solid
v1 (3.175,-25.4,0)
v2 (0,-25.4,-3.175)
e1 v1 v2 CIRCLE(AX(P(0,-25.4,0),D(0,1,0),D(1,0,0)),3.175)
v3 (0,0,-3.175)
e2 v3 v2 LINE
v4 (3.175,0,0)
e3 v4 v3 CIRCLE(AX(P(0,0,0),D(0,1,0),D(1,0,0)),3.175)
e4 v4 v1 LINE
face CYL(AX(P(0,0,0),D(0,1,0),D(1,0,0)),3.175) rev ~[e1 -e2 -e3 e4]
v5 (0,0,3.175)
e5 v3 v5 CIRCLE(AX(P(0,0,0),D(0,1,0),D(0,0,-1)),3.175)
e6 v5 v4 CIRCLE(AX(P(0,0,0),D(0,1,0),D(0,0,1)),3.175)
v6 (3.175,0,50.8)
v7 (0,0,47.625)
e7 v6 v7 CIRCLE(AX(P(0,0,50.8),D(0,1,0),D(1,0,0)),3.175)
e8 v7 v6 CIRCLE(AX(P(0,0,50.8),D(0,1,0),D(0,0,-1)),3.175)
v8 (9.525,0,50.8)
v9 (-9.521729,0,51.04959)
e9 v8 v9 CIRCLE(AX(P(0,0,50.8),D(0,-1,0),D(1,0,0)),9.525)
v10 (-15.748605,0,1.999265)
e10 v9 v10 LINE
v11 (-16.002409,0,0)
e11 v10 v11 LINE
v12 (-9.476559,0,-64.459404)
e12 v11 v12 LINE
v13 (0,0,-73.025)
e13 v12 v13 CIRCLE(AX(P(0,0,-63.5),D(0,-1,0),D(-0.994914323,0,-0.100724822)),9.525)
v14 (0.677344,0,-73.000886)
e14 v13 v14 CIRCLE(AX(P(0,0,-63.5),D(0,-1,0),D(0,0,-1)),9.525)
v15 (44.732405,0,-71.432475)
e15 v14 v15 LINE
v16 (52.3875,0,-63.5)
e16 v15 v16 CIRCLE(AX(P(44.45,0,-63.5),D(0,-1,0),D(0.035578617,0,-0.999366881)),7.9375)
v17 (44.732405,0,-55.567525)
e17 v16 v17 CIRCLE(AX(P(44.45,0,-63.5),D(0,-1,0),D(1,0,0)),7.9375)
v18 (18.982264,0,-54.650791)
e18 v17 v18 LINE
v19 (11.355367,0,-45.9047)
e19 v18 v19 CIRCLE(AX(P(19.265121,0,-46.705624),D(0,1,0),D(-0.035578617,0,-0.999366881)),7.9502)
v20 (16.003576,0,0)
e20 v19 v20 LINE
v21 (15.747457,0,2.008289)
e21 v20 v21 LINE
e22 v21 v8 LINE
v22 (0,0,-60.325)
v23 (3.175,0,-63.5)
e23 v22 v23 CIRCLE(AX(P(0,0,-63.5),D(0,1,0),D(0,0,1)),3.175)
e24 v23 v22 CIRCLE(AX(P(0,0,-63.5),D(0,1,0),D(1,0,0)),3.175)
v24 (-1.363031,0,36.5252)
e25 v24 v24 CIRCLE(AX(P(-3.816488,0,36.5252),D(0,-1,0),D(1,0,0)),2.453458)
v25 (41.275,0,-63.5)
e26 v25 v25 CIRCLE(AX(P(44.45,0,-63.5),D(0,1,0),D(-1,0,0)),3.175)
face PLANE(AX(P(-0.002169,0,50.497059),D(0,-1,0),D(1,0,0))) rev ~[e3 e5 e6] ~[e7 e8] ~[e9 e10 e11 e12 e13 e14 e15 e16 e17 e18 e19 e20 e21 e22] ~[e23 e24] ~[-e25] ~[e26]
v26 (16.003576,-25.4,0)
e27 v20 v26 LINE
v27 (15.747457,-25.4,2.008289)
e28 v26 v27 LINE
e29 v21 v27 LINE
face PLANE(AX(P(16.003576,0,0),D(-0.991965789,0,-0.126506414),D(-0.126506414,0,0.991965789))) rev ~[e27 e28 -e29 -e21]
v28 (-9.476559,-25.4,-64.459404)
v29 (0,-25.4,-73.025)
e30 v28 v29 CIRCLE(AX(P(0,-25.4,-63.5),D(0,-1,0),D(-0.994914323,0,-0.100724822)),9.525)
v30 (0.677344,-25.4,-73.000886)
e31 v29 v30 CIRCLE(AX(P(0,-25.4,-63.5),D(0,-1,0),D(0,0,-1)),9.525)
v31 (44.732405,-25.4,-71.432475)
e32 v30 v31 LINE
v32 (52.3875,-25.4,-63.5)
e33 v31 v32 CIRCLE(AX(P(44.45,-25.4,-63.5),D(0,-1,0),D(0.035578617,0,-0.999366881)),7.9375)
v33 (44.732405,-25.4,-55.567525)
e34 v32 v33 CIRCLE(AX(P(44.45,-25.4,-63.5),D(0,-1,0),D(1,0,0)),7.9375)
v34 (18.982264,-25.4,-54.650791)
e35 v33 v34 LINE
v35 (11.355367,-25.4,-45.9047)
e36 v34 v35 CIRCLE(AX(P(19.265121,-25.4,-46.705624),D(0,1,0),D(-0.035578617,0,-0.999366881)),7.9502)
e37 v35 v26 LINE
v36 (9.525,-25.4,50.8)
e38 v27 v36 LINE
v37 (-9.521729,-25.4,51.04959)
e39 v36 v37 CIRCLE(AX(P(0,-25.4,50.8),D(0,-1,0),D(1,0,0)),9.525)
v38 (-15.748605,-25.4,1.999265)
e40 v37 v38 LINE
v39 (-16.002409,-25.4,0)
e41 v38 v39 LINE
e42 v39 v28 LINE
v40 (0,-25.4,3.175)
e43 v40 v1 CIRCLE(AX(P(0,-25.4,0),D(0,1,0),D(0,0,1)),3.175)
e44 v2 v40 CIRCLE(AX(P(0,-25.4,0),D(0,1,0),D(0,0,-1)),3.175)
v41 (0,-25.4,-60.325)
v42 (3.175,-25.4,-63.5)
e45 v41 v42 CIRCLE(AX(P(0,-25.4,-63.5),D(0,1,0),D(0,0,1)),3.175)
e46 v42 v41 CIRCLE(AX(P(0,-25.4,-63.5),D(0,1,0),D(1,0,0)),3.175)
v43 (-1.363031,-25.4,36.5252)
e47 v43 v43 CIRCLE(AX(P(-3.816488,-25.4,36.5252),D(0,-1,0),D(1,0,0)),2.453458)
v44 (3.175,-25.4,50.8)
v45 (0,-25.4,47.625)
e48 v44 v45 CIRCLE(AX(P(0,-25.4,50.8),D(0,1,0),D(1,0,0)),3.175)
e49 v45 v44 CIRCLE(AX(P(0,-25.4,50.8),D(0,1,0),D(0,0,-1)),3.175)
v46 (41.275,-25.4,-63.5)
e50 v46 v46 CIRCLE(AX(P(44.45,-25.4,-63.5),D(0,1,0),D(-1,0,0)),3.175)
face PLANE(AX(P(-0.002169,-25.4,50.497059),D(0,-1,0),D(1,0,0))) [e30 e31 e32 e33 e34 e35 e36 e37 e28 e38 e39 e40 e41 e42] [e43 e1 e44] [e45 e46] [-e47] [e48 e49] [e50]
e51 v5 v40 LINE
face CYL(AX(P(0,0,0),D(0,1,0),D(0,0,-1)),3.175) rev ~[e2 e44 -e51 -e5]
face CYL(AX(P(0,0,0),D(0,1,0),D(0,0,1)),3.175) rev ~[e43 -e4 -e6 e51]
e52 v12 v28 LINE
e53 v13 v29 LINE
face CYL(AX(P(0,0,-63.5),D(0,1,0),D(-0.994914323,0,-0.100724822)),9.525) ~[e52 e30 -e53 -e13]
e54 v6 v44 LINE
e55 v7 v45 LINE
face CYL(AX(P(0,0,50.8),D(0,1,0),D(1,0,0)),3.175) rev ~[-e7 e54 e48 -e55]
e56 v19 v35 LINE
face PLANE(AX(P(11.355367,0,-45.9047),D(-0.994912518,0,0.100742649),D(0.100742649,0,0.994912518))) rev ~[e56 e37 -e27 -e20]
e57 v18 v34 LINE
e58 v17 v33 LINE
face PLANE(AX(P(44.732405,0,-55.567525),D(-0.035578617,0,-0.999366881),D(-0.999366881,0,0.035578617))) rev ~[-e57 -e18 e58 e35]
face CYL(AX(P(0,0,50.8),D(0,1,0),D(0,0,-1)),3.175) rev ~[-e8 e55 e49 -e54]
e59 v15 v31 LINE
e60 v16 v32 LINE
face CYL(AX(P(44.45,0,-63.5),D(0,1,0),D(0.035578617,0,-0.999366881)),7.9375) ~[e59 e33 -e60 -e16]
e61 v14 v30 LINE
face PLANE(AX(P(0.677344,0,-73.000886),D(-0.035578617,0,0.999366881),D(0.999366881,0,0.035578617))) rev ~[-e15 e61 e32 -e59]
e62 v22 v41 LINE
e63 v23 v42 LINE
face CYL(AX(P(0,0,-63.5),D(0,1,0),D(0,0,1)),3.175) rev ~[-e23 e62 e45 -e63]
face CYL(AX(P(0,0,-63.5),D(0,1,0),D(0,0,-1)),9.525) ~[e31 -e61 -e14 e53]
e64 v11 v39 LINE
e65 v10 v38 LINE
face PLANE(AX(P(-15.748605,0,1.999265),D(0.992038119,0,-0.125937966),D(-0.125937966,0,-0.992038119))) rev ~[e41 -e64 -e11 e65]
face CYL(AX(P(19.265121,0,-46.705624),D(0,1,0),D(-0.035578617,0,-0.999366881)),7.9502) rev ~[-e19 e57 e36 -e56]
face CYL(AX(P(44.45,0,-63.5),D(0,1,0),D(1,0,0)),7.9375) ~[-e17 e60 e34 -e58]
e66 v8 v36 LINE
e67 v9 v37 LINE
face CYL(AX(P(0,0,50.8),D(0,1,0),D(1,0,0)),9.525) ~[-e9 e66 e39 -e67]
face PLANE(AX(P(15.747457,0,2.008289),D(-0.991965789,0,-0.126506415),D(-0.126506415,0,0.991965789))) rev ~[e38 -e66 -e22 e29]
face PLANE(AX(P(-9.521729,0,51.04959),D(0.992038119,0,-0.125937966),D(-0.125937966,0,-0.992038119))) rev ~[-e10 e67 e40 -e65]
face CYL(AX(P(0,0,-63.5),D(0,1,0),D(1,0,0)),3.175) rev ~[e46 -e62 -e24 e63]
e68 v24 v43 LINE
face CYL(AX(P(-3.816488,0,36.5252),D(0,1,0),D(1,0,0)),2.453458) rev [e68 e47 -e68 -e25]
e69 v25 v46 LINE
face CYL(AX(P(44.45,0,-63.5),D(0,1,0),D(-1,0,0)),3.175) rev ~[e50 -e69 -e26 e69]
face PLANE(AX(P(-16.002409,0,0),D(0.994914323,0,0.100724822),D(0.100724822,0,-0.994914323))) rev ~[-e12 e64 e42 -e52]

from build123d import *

# Parameters (mm, degrees)
F0_R     = 2.4534575641
F1_DEPTH = 25.4


with BuildPart() as f1:
    # F0 (on Front) → F1 (new body)
    with BuildSketch(Plane.XZ):
        with BuildLine():
            ThreePointArc((-9.5217293486, 51.0495900878), (-6.822864889, 44.1536371069), (0, 41.275))
            ThreePointArc((0, 41.275), (6.7351920908, 44.0648079092), (9.525, 50.8))
            ThreePointArc((9.525, 50.8), (0.1248057582, 60.3241823021), (-9.5217293486, 51.0495900878))
        make_face()
        with BuildLine():
            ThreePointArc((3.175, 50.8), (2.2450640303, 48.5549359697), (0, 47.625))
            ThreePointArc((0, 47.625), (-2.2450640303, 53.0450640303), (3.175, 50.8))
        make_face(mode=Mode.SUBTRACT)
        with BuildLine():
            ThreePointArc((9.525, 50.8), (6.7351920908, 44.0648079092), (0, 41.275))
            Line((0, 41.275), (0, 15.875))
            ThreePointArc((0, 15.875), (10.4912828764, 11.9142187578), (15.747456912, 2.0082892734))
            Line((15.747456912, 2.0082892734), (9.525, 50.8))
        make_face()
        with BuildLine():
            Line((0, 15.875), (0, 41.275))
            ThreePointArc((0, 41.275), (-6.822864889, 44.1536371069), (-9.5217293486, 51.0495900878))
            Line((-9.5217293486, 51.0495900878), (-15.74860511, 1.9992653877))
            ThreePointArc((-15.74860511, 1.9992653877), (-10.4946959692, 11.9112124284), (0, 15.875))
        make_face()
        with Locations((-3.8164881989, 36.5252)):
            Circle(F0_R, mode=Mode.SUBTRACT)
        with BuildLine():
            ThreePointArc((15.747456912, 2.0082892734), (10.4912828764, 11.9142187578), (0, 15.875))
            Line((0, 15.875), (0, 3.175))
            ThreePointArc((0, 3.175), (2.2450640303, 2.2450640303), (3.175, 0))
            ThreePointArc((3.175, 0), (2.2450640303, -2.2450640303), (0, -3.175))
            Line((0, -3.175), (0, -15.875))
            ThreePointArc((0, -15.875), (11.2253201513, -11.2253201513), (15.875, 0))
            ThreePointArc((15.875, 0), (15.8430821414, 1.0061676109), (15.747456912, 2.0082892734))
        make_face()
        with BuildLine():
            Line((0, 3.175), (0, 15.875))
            ThreePointArc((0, 15.875), (-10.4946959692, 11.9112124284), (-15.74860511, 1.9992653877))
            ThreePointArc((-15.74860511, 1.9992653877), (-11.9112124284, -10.4946959692), (0, -15.875))
            Line((0, -15.875), (0, -3.175))
            ThreePointArc((0, -3.175), (-3.175, 0), (0, 3.175))
        make_face()
        with BuildLine():
            Line((16.0035761028, 0), (15.747456912, 2.0082892734))
            ThreePointArc((15.747456912, 2.0082892734), (15.8430821414, 1.0061676109), (15.875, 0))
            ThreePointArc((15.875, 0), (11.2253201513, -11.2253201513), (0, -15.875))
            Line((0, -15.875), (0, -53.975))
            ThreePointArc((0, -53.975), (6.7351920908, -56.7648079092), (9.525, -63.5))
            Line((9.525, -63.5), (36.5125, -63.5))
            ThreePointArc((36.5125, -63.5), (38.9380895153, -57.7883672161), (44.7324052746, -55.5675253854))
            Line((44.7324052746, -55.5675253854), (18.9822637558, -54.6507905531))
            ThreePointArc((18.9822637558, -54.6507905531), (13.2731893708, -51.9307973584), (11.3553673773, -45.9046997726))
            Line((11.3553673773, -45.9046997726), (16.0035761028, 0))
        make_face()
        with BuildLine():
            ThreePointArc((0, -15.875), (-11.9112124284, -10.4946959692), (-15.74860511, 1.9992653877))
            Line((-15.74860511, 1.9992653877), (-16.0024092847, 0))
            Line((-16.0024092847, 0), (-9.4765589271, -64.4594039301))
            ThreePointArc((-9.4765589271, -64.4594039301), (-7.0662559901, -57.1130092154), (0, -53.975))
            Line((0, -53.975), (0, -15.875))
        make_face()
        with BuildLine():
            Line((0, -60.325), (0, -53.975))
            ThreePointArc((0, -53.975), (-7.0662559901, -57.1130092154), (-9.4765589271, -64.4594039301))
            ThreePointArc((-9.4765589271, -64.4594039301), (-6.3869907846, -70.5662559901), (0, -73.025))
            Line((0, -73.025), (0.6773435479, -73.000885786))
            ThreePointArc((0.6773435479, -73.000885786), (6.9705567315, -69.9912990883), (9.525, -63.5))
            Line((9.525, -63.5), (3.175, -63.5))
            ThreePointArc((3.175, -63.5), (-2.2450640303, -65.7450640303), (0, -60.325))
        make_face()
        with BuildLine():
            Line((36.5125, -63.5), (9.525, -63.5))
            ThreePointArc((9.525, -63.5), (6.9705567315, -69.9912990883), (0.6773435479, -73.000885786))
            Line((0.6773435479, -73.000885786), (44.7324052746, -71.4324746146))
            ThreePointArc((44.7324052746, -71.4324746146), (38.9380895153, -69.2116327839), (36.5125, -63.5))
        make_face()
        with BuildLine():
            Line((0.6773435479, -73.000885786), (0, -73.025))
            ThreePointArc((0, -73.025), (0.3388863295, -73.0189695375), (0.6773435479, -73.000885786))
        make_face()
        with BuildLine():
            ThreePointArc((52.3875, -63.5), (50.1616327839, -57.9880895153), (44.7324052746, -55.5675253854))
            ThreePointArc((44.7324052746, -55.5675253854), (38.9380895153, -57.7883672161), (36.5125, -63.5))
            ThreePointArc((36.5125, -63.5), (38.9380895153, -69.2116327839), (44.7324052746, -71.4324746146))
            ThreePointArc((44.7324052746, -71.4324746146), (50.1616327839, -69.0119104847), (52.3875, -63.5))
        make_face()
        with BuildLine():
            ThreePointArc((47.625, -63.5), (44.45, -66.675), (41.275, -63.5))
            ThreePointArc((41.275, -63.5), (44.45, -60.325), (47.625, -63.5))
        make_face(mode=Mode.SUBTRACT)
        with BuildLine():
            ThreePointArc((9.525, -63.5), (6.7351920908, -56.7648079092), (0, -53.975))
            Line((0, -53.975), (0, -60.325))
            ThreePointArc((0, -60.325), (2.2450640303, -61.2549359697), (3.175, -63.5))
            Line((3.175, -63.5), (9.525, -63.5))
        make_face()
    extrude(amount=F1_DEPTH)


solid = f1.part
